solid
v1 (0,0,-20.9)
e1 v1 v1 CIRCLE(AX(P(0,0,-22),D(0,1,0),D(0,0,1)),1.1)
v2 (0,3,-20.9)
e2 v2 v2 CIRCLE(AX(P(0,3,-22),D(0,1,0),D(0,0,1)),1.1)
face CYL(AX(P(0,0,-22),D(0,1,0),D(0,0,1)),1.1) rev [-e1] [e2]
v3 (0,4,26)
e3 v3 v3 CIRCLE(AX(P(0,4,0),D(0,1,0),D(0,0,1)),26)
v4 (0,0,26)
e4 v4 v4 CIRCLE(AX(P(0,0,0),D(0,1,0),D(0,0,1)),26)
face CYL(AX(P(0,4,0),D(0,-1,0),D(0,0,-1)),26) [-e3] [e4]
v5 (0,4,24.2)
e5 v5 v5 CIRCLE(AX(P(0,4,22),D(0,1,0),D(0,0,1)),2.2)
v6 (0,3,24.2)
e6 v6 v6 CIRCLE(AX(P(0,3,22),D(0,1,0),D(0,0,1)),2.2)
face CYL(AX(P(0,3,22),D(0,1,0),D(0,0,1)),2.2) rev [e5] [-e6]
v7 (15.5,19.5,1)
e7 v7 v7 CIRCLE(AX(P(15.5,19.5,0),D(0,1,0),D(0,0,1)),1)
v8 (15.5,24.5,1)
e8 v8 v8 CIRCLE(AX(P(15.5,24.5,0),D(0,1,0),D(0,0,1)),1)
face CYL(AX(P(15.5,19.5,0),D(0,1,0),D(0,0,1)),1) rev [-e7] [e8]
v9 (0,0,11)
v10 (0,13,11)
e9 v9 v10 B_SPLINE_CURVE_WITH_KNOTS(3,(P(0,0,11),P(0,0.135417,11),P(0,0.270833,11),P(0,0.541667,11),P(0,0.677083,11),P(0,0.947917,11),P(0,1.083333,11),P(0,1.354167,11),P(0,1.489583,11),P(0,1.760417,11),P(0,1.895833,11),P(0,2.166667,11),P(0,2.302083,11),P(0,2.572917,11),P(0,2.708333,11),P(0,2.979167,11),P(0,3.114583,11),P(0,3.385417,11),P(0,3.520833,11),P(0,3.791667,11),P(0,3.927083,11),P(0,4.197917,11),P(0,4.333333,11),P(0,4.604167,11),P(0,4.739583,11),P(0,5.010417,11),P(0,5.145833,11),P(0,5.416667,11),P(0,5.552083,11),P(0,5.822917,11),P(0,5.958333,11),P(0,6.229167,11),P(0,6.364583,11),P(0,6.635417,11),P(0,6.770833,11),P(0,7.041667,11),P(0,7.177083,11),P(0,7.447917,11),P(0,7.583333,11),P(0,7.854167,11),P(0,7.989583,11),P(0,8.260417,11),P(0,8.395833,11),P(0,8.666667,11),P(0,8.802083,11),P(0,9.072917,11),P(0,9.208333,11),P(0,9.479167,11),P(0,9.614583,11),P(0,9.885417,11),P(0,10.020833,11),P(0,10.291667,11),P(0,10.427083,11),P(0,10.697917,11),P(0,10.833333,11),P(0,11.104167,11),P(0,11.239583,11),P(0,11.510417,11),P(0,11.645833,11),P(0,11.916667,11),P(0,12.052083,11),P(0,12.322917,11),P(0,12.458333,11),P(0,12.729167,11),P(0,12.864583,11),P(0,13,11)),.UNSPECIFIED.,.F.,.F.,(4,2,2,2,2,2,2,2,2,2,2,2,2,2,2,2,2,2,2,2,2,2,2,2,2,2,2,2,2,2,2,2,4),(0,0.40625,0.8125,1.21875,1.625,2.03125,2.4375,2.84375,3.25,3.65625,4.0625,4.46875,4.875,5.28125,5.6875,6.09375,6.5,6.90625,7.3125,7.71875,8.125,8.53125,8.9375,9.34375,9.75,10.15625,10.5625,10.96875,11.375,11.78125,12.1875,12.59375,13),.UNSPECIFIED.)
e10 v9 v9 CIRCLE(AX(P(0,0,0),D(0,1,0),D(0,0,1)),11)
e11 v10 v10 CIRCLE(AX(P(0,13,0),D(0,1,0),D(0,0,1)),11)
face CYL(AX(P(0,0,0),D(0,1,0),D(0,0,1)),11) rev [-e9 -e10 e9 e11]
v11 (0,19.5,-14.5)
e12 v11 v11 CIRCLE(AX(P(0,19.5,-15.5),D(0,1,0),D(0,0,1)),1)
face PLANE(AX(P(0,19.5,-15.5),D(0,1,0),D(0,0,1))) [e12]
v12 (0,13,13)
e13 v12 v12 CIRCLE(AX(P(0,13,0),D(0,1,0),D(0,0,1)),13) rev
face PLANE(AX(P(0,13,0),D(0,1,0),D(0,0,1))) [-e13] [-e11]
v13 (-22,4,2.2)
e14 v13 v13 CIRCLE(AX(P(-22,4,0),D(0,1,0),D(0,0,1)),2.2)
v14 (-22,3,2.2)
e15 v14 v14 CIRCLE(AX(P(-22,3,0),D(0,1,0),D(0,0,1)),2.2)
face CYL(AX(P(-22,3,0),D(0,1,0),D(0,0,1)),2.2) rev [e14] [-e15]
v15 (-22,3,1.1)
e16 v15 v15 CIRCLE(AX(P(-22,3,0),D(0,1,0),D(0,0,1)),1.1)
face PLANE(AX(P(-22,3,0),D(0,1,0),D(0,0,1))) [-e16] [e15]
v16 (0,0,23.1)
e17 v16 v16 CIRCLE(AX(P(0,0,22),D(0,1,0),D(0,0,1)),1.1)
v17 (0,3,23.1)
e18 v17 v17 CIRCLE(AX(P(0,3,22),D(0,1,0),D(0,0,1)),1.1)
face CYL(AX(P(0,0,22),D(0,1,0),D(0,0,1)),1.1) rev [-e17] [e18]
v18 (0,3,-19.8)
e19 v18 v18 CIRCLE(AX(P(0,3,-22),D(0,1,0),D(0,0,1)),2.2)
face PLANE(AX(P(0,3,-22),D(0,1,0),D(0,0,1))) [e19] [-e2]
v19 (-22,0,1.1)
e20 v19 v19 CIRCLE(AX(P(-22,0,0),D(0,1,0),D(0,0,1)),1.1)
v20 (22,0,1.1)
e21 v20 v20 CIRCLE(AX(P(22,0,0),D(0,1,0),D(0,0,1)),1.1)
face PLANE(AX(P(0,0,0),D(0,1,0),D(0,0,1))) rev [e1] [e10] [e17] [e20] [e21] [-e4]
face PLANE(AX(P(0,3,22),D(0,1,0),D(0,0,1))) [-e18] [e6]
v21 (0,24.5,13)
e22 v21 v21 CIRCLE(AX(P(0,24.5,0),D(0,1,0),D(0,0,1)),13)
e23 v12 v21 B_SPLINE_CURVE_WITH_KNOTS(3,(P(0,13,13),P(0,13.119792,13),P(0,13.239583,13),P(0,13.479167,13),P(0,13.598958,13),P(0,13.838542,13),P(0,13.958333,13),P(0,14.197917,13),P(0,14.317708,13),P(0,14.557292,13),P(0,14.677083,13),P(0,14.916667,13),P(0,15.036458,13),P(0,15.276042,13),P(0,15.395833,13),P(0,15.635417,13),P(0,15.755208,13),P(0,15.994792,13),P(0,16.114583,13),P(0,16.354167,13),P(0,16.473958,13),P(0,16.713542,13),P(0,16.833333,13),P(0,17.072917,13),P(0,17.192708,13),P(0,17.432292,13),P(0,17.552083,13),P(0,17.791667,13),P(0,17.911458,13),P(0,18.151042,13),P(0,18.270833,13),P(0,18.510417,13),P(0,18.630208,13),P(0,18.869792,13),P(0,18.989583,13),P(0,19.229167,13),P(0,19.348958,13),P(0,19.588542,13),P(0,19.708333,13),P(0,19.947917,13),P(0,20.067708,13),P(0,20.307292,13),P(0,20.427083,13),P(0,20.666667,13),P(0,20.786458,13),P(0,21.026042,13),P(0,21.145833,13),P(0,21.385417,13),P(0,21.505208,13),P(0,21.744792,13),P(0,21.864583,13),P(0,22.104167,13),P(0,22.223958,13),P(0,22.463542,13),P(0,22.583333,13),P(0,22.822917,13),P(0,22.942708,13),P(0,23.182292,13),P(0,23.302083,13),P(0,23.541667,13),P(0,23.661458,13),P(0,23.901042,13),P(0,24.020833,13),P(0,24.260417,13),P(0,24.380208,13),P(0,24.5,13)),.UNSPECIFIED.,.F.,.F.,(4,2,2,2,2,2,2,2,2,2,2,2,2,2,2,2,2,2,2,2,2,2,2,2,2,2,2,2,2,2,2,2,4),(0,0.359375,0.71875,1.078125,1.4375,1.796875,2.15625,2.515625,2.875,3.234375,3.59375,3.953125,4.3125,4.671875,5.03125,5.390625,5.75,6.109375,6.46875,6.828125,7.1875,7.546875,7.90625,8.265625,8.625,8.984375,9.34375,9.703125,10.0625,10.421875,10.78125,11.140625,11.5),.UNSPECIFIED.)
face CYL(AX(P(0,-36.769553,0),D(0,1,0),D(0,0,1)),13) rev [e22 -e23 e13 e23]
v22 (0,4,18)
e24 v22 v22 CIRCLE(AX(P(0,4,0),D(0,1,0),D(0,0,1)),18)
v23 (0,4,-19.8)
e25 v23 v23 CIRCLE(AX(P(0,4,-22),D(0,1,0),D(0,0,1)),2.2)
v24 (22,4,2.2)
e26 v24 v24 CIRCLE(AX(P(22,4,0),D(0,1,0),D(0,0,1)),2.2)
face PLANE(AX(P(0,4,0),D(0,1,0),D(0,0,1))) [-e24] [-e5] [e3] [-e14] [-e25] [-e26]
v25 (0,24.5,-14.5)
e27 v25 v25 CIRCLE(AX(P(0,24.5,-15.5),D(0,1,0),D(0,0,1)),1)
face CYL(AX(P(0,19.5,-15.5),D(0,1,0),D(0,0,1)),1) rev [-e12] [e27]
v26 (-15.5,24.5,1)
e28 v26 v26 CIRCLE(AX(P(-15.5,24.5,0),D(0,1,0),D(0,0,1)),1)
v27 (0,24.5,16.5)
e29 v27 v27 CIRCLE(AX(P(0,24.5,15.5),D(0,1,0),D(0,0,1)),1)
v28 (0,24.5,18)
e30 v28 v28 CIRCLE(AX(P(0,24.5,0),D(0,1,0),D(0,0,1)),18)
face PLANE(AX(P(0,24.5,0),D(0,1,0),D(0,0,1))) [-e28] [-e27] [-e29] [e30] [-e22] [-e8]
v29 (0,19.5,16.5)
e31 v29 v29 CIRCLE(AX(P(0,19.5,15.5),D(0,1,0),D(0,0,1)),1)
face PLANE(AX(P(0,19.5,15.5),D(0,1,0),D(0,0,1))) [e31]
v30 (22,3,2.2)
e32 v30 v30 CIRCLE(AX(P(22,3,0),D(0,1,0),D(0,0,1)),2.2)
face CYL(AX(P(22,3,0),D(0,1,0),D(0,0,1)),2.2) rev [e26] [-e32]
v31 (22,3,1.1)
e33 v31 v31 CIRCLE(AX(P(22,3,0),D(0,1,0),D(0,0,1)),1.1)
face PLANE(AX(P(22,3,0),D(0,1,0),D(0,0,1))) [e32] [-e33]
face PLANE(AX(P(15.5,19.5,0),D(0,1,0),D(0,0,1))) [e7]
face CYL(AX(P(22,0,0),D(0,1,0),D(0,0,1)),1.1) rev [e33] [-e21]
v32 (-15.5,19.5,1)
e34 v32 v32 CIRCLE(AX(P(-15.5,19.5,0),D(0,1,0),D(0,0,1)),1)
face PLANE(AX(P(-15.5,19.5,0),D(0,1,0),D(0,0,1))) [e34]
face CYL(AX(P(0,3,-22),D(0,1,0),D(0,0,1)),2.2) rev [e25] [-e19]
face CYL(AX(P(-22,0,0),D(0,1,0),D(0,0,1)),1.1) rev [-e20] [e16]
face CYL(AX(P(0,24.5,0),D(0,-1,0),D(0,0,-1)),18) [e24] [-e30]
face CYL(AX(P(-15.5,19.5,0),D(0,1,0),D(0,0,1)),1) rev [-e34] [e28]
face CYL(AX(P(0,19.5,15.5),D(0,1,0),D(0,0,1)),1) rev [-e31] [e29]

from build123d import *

# Parameters (mm, degrees)
SKETCH_1_R          = 26
EXTRUDE_1_DEPTH     = 4
SKETCH_2_R          = 18
EXTRUDE_2_DEPTH     = 20.5
SKETCH_3_R          = 13
CUT_EXTRUDE_1_DEPTH = 11.5
SKETCH_4_R          = 2.2
CUT_EXTRUDE_2_DEPTH = 1
SKETCH_5_R          = 1.1
CUT_EXTRUDE_3_DEPTH = 43.09809972
SKETCH_6_R          = 11
CUT_EXTRUDE_4_DEPTH = 40
SKETCH_7_R          = 1
CUT_EXTRUDE_5_DEPTH = 5


with BuildPart() as part:
    # Эскиз1 → Бобышка-Вытянуть1 (new body)
    with BuildSketch(Plane(origin=(0, 0, 0), x_dir=(1, 0, 0), z_dir=(0, 1, 0))):
        with Locations(Location((0, 0, 0), (0, 0, 270))):
            Circle(SKETCH_1_R)
    extrude(amount=EXTRUDE_1_DEPTH)

    # Эскиз2 → Бобышка-Вытянуть2 (add)
    with BuildSketch(Plane(origin=(0, 4, 0), x_dir=(1, 0, 0), z_dir=(0, 1, 0))):
        with Locations(Location((0, 0, 0), (0, 0, 270))):
            Circle(SKETCH_2_R)
    extrude(amount=EXTRUDE_2_DEPTH)

    # Эскиз3 → Вырез-Вытянуть1 (cut)
    with BuildSketch(Plane(origin=(0, 24.5, 0), x_dir=(1, 0, 0), z_dir=(0, 1, 0))):
        with Locations(Location((0, 0, 0), (0, 0, 270))):
            Circle(SKETCH_3_R)
    extrude(amount=-CUT_EXTRUDE_1_DEPTH, mode=Mode.SUBTRACT)

    # Эскиз4 → Вырез-Вытянуть2 (cut)
    with BuildSketch(Plane(origin=(0, 4, 0), x_dir=(1, 0, 0), z_dir=(0, 1, 0))):
        with Locations(Location((-22, 0, 0), (0, 0, 270))):
            Circle(SKETCH_4_R)
        with Locations(Location((0, 22, 0), (0, 0, 270))):
            Circle(SKETCH_4_R)
        with Locations(Location((22, 0, 0), (0, 0, 270))):
            Circle(SKETCH_4_R)
        with Locations(Location((0, -22, 0), (0, 0, 270))):
            Circle(SKETCH_4_R)
    extrude(amount=-CUT_EXTRUDE_2_DEPTH, mode=Mode.SUBTRACT)

    # Эскиз5 → Вырез-Вытянуть3 (cut, through all)
    with BuildSketch(Plane(origin=(0, 4, 0), x_dir=(1, 0, 0), z_dir=(0, 1, 0))):
        with Locations(Location((-22, 0, 0), (0, 0, 270))):
            Circle(SKETCH_5_R)
        with Locations(Location((0, 22, 0), (0, 0, 270))):
            Circle(SKETCH_5_R)
        with Locations(Location((22, 0, 0), (0, 0, 270))):
            Circle(SKETCH_5_R)
        with Locations(Location((0, -22, 0), (0, 0, 270))):
            Circle(SKETCH_5_R)
    extrude(amount=-CUT_EXTRUDE_3_DEPTH, mode=Mode.SUBTRACT)

    # Эскиз6 → Вырез-Вытянуть4 (cut, through all)
    with BuildSketch(Plane(origin=(0, 13, 0), x_dir=(1, 0, 0), z_dir=(0, 1, 0))):
        with Locations(Location((0, 0, 0), (0, 0, 270))):
            Circle(SKETCH_6_R)
    extrude(amount=-CUT_EXTRUDE_4_DEPTH, mode=Mode.SUBTRACT)

    # Эскиз7 → Вырез-Вытянуть5 (cut)
    with BuildSketch(Plane(origin=(0, 24.5, 0), x_dir=(1, 0, 0), z_dir=(0, 1, 0))):
        with Locations(Location((-15.5, 0, 0), (0, 0, 270))):
            Circle(SKETCH_7_R)
        with Locations(Location((0, 15.5, 0), (0, 0, 270))):
            Circle(SKETCH_7_R)
        with Locations(Location((15.5, 0, 0), (0, 0, 270))):
            Circle(SKETCH_7_R)
        with Locations(Location((0, -15.5, 0), (0, 0, 270))):
            Circle(SKETCH_7_R)
    extrude(amount=-CUT_EXTRUDE_5_DEPTH, mode=Mode.SUBTRACT)


solid = part.part
